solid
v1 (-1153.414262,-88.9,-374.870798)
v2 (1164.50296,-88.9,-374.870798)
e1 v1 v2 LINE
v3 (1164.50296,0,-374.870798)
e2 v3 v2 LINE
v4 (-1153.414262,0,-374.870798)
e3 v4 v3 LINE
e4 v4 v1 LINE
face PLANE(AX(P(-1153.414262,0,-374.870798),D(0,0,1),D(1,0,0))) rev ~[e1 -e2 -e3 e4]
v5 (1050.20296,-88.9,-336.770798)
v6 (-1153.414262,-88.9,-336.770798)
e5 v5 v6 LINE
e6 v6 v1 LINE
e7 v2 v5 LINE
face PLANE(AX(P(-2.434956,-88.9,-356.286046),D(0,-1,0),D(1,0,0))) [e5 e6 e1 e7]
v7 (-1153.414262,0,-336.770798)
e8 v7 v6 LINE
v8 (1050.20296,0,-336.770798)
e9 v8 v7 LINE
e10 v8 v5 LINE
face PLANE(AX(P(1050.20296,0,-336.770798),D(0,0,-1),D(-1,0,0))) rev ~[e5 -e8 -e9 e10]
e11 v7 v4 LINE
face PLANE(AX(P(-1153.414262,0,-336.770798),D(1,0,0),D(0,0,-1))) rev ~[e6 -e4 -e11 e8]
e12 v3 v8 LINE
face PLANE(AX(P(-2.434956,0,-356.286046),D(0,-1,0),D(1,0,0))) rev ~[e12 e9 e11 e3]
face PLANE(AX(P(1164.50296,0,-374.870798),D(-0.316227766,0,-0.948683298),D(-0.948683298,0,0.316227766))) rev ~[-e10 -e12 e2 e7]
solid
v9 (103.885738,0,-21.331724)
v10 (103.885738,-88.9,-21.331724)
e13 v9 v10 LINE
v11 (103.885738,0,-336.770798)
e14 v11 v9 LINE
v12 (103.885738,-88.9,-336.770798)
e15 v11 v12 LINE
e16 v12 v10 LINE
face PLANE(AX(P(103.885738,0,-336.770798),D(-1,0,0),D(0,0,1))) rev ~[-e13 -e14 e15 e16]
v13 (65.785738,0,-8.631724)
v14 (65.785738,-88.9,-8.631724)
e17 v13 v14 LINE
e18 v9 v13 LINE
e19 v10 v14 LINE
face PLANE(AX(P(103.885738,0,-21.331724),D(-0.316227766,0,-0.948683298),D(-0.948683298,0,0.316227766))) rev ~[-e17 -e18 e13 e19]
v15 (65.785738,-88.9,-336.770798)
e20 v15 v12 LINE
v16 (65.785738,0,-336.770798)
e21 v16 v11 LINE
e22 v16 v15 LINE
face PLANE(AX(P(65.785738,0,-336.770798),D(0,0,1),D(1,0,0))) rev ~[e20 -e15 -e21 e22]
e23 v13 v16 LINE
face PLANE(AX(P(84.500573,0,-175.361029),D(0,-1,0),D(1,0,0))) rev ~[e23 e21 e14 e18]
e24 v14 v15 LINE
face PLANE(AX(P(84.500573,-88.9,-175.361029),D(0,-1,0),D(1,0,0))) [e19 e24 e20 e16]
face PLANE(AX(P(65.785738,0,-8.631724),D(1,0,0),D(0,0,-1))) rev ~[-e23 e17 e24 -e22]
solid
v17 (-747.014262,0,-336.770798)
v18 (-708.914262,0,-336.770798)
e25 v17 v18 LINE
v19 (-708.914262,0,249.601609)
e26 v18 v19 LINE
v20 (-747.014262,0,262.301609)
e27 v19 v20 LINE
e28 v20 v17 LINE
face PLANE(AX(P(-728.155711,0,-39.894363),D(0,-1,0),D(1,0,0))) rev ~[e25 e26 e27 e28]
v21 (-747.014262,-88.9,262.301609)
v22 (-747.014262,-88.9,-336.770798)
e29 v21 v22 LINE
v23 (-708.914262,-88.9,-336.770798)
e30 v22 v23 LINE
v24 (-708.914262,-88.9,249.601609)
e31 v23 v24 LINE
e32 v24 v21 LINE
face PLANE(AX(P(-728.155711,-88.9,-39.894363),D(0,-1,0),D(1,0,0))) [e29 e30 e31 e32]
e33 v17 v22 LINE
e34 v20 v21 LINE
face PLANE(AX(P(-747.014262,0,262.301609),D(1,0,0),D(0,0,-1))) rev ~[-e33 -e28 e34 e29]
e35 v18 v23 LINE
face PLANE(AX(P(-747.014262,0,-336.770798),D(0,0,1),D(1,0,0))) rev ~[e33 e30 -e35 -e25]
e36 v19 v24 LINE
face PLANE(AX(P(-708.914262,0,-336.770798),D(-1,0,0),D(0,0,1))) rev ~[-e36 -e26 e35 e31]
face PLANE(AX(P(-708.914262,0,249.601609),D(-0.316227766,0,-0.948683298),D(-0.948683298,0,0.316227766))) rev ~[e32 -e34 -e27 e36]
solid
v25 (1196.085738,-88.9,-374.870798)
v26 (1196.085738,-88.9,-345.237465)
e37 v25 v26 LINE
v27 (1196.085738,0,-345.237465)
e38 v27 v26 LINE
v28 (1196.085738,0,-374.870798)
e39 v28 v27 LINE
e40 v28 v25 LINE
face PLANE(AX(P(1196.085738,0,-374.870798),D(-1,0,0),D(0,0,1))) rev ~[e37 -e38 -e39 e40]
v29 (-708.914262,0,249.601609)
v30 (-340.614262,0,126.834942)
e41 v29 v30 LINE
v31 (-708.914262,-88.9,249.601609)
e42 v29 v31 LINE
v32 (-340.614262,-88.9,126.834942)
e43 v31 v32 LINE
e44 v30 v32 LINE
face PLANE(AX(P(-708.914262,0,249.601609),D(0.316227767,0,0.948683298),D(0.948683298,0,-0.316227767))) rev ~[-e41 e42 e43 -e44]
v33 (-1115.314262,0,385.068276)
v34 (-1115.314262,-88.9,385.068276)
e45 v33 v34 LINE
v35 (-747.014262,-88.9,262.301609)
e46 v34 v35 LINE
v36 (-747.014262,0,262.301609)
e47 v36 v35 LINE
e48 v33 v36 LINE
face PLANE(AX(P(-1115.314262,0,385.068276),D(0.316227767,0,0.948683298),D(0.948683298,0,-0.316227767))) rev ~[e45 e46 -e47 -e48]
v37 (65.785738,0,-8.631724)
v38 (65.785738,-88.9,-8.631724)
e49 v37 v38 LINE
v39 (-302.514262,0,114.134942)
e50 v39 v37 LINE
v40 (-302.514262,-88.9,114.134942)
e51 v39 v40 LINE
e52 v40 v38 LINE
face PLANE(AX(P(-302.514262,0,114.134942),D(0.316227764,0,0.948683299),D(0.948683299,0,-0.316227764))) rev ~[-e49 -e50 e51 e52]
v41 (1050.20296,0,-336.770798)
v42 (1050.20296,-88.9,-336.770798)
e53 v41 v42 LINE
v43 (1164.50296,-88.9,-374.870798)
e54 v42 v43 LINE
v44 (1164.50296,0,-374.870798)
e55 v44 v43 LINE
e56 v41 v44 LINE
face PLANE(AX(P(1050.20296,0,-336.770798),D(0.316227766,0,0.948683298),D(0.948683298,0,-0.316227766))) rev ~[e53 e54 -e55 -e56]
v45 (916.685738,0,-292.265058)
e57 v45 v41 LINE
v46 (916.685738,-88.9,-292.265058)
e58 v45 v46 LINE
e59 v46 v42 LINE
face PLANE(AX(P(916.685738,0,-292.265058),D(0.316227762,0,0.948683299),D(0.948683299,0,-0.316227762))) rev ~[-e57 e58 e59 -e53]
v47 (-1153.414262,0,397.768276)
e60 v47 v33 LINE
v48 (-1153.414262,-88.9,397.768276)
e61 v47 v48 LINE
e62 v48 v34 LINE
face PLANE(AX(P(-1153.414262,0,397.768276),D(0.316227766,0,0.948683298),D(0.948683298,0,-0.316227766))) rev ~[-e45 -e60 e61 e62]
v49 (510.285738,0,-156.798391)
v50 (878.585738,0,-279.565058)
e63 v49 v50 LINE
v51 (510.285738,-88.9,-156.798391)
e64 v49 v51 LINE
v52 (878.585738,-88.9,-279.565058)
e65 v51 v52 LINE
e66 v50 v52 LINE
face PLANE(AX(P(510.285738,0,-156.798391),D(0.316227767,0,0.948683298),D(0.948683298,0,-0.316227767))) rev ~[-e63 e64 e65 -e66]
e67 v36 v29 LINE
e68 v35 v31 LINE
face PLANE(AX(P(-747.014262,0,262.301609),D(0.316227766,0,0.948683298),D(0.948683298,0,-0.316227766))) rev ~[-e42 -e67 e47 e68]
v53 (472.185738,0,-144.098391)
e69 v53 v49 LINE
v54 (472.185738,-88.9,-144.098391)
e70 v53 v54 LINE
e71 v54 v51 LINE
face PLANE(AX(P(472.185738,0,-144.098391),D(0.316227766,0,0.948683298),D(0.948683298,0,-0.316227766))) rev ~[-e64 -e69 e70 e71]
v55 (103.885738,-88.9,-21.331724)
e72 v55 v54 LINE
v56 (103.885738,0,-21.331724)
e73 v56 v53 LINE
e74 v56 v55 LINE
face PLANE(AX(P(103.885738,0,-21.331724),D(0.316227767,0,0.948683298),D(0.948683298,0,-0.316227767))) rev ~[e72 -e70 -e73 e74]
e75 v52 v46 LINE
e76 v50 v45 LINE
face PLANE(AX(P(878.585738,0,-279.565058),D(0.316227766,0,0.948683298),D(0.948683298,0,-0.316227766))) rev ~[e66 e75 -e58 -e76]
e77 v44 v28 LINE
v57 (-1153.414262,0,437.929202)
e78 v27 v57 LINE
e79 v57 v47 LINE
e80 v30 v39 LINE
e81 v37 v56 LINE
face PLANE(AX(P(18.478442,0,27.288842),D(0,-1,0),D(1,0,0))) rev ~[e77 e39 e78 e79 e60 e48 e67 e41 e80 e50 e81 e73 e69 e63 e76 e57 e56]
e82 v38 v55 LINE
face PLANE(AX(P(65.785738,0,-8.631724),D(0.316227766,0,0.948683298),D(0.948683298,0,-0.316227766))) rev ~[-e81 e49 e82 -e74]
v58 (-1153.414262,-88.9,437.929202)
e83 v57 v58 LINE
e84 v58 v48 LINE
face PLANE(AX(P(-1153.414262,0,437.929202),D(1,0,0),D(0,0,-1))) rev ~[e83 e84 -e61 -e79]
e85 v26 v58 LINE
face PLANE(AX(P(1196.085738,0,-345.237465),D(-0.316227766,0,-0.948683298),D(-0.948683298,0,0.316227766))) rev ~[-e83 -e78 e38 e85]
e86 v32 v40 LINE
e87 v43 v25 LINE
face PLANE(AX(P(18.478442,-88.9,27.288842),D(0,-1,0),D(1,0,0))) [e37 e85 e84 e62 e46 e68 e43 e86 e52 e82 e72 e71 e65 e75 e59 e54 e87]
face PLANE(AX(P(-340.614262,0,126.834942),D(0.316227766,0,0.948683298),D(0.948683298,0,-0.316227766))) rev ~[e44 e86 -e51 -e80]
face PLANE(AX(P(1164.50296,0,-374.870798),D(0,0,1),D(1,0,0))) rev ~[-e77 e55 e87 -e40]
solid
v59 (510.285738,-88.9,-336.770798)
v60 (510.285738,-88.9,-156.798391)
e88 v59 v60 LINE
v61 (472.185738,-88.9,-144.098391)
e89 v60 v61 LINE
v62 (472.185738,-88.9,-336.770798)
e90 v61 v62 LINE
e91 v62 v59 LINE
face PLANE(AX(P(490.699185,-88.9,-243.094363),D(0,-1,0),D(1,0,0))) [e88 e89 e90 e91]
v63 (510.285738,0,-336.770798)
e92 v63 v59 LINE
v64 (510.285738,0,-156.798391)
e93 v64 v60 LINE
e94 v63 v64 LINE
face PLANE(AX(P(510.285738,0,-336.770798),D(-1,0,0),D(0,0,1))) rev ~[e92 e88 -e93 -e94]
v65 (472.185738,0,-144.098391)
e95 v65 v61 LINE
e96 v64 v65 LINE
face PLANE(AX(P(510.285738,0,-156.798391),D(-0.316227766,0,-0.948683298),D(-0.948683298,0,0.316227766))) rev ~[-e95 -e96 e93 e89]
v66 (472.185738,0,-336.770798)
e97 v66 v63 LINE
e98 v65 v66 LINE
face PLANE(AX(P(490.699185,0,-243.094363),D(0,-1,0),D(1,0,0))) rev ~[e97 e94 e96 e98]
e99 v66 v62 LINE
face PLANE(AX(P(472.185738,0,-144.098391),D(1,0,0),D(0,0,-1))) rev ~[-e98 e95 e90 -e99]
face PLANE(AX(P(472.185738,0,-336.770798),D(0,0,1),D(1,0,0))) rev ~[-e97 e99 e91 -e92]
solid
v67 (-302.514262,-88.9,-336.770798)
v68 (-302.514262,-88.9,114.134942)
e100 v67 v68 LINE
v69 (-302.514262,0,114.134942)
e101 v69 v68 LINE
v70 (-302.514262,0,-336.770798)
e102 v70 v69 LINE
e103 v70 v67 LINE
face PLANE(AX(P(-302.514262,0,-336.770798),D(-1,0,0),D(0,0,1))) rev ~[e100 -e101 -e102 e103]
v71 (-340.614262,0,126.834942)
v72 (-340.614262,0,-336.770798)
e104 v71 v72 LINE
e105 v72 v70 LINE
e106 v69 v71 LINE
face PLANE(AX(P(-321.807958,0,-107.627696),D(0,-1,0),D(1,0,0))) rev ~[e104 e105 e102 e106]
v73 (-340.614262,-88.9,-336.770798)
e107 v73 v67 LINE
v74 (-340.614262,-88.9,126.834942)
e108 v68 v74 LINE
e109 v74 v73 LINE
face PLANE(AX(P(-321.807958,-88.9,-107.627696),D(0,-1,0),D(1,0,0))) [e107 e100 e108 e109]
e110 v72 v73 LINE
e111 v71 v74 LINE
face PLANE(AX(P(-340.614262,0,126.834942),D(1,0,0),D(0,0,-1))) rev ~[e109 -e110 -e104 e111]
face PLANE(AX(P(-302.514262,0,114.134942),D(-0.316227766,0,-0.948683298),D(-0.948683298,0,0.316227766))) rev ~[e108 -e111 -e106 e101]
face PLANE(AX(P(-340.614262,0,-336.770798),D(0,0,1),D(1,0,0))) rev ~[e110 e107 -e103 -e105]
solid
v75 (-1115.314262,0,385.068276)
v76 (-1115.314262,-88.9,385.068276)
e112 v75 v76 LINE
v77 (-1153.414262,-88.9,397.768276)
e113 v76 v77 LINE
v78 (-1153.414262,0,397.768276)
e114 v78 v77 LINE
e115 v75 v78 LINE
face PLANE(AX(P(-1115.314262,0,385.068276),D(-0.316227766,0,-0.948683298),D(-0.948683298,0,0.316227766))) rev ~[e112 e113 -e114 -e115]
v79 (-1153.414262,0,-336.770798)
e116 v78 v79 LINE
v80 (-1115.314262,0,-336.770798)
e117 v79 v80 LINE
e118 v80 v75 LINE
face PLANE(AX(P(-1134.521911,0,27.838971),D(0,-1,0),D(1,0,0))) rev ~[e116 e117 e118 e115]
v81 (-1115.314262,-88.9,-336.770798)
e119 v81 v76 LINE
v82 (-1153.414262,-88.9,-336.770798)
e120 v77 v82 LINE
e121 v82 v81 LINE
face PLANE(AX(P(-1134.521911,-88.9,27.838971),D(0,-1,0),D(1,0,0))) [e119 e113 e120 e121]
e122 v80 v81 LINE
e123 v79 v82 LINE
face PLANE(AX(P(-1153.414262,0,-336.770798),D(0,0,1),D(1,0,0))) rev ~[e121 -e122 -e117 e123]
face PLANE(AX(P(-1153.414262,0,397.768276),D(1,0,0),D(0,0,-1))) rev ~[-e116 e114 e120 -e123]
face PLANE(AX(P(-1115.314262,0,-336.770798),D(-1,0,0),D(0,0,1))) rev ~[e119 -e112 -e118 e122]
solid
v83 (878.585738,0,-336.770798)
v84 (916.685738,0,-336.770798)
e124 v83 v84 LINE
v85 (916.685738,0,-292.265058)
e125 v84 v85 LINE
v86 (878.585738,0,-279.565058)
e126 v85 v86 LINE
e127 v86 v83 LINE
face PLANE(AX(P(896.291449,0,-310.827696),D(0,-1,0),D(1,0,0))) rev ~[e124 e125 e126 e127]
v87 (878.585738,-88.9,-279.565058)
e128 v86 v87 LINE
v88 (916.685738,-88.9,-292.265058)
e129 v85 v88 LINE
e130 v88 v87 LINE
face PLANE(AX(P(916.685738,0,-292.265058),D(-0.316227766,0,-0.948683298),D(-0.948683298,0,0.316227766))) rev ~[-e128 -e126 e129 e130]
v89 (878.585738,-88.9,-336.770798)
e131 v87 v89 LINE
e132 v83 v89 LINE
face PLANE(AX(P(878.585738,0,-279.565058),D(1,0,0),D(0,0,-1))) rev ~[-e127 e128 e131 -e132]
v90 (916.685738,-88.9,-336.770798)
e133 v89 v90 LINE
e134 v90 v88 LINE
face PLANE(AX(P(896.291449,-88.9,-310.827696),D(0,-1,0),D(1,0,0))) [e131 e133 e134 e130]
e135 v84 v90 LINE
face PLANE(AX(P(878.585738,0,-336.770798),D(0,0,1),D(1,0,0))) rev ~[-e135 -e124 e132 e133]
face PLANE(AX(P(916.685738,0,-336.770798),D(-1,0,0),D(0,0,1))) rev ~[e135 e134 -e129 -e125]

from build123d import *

# Parameters (mm, degrees)
F1_DEPTH = 88.9
F2_DEPTH = 88.9
F3_DEPTH = 88.9


with BuildPart() as f1:
    # F0 (on Front) → F1 (new body)
    with BuildSketch(Plane.XZ):
        Polygon((-1153.414262, 397.768276), (-1153.414262, -336.770798), (-1115.314262, -336.770798), (-1115.314262, 385.068276), align=None)
        Polygon((-747.014262, 262.301609), (-747.014262, -336.770798), (-708.914262, -336.770798), (-708.914262, 249.601609), align=None)
        Polygon((-340.614262, 126.834942), (-340.614262, -336.770798), (-302.514262, -336.770798), (-302.514262, 114.134942), align=None)
        Polygon((65.785738, -336.770798), (103.885738, -336.770798), (103.885738, -21.331724), (65.785738, -8.631724), align=None)
        Polygon((472.185738, -336.770798), (510.285738, -336.770798), (510.285738, -156.798391), (472.185738, -144.098391), align=None)
        Polygon((878.585738, -336.770798), (916.685738, -336.770798), (916.685738, -292.265058), (878.585738, -279.565058), align=None)
    extrude(amount=F1_DEPTH)


with BuildPart() as f2:
    # F0 (on Front) → F2 (new body)
    with BuildSketch(Plane.XZ):
        Polygon((1050.20296, -336.770798), (1164.50296, -374.870798), (1196.085738, -374.870798), (1196.085738, -345.237465), (-1153.414262, 437.929202), (-1153.414262, 397.768276), (-1115.314262, 385.068276), (-747.014262, 262.301609), (-708.914262, 249.601609), (-340.614262, 126.834942), (-302.514262, 114.134942), (65.785738, -8.631724), (103.885738, -21.331724), (472.185738, -144.098391), (510.285738, -156.798391), (878.585738, -279.565058), (916.685738, -292.265058), align=None)
    extrude(amount=F2_DEPTH)


with BuildPart() as f3:
    # F0 (on Front) → F3 (new body)
    with BuildSketch(Plane.XZ):
        Polygon((-1153.414262, -336.770798), (-1153.414262, -374.870798), (1164.50296, -374.870798), (1050.20296, -336.770798), (916.685738, -336.770798), (878.585738, -336.770798), (510.285738, -336.770798), (472.185738, -336.770798), (103.885738, -336.770798), (65.785738, -336.770798), (-302.514262, -336.770798), (-340.614262, -336.770798), (-708.914262, -336.770798), (-747.014262, -336.770798), (-1115.314262, -336.770798), align=None)
    extrude(amount=F3_DEPTH)


solid = Compound([f1.part, f2.part, f3.part])
